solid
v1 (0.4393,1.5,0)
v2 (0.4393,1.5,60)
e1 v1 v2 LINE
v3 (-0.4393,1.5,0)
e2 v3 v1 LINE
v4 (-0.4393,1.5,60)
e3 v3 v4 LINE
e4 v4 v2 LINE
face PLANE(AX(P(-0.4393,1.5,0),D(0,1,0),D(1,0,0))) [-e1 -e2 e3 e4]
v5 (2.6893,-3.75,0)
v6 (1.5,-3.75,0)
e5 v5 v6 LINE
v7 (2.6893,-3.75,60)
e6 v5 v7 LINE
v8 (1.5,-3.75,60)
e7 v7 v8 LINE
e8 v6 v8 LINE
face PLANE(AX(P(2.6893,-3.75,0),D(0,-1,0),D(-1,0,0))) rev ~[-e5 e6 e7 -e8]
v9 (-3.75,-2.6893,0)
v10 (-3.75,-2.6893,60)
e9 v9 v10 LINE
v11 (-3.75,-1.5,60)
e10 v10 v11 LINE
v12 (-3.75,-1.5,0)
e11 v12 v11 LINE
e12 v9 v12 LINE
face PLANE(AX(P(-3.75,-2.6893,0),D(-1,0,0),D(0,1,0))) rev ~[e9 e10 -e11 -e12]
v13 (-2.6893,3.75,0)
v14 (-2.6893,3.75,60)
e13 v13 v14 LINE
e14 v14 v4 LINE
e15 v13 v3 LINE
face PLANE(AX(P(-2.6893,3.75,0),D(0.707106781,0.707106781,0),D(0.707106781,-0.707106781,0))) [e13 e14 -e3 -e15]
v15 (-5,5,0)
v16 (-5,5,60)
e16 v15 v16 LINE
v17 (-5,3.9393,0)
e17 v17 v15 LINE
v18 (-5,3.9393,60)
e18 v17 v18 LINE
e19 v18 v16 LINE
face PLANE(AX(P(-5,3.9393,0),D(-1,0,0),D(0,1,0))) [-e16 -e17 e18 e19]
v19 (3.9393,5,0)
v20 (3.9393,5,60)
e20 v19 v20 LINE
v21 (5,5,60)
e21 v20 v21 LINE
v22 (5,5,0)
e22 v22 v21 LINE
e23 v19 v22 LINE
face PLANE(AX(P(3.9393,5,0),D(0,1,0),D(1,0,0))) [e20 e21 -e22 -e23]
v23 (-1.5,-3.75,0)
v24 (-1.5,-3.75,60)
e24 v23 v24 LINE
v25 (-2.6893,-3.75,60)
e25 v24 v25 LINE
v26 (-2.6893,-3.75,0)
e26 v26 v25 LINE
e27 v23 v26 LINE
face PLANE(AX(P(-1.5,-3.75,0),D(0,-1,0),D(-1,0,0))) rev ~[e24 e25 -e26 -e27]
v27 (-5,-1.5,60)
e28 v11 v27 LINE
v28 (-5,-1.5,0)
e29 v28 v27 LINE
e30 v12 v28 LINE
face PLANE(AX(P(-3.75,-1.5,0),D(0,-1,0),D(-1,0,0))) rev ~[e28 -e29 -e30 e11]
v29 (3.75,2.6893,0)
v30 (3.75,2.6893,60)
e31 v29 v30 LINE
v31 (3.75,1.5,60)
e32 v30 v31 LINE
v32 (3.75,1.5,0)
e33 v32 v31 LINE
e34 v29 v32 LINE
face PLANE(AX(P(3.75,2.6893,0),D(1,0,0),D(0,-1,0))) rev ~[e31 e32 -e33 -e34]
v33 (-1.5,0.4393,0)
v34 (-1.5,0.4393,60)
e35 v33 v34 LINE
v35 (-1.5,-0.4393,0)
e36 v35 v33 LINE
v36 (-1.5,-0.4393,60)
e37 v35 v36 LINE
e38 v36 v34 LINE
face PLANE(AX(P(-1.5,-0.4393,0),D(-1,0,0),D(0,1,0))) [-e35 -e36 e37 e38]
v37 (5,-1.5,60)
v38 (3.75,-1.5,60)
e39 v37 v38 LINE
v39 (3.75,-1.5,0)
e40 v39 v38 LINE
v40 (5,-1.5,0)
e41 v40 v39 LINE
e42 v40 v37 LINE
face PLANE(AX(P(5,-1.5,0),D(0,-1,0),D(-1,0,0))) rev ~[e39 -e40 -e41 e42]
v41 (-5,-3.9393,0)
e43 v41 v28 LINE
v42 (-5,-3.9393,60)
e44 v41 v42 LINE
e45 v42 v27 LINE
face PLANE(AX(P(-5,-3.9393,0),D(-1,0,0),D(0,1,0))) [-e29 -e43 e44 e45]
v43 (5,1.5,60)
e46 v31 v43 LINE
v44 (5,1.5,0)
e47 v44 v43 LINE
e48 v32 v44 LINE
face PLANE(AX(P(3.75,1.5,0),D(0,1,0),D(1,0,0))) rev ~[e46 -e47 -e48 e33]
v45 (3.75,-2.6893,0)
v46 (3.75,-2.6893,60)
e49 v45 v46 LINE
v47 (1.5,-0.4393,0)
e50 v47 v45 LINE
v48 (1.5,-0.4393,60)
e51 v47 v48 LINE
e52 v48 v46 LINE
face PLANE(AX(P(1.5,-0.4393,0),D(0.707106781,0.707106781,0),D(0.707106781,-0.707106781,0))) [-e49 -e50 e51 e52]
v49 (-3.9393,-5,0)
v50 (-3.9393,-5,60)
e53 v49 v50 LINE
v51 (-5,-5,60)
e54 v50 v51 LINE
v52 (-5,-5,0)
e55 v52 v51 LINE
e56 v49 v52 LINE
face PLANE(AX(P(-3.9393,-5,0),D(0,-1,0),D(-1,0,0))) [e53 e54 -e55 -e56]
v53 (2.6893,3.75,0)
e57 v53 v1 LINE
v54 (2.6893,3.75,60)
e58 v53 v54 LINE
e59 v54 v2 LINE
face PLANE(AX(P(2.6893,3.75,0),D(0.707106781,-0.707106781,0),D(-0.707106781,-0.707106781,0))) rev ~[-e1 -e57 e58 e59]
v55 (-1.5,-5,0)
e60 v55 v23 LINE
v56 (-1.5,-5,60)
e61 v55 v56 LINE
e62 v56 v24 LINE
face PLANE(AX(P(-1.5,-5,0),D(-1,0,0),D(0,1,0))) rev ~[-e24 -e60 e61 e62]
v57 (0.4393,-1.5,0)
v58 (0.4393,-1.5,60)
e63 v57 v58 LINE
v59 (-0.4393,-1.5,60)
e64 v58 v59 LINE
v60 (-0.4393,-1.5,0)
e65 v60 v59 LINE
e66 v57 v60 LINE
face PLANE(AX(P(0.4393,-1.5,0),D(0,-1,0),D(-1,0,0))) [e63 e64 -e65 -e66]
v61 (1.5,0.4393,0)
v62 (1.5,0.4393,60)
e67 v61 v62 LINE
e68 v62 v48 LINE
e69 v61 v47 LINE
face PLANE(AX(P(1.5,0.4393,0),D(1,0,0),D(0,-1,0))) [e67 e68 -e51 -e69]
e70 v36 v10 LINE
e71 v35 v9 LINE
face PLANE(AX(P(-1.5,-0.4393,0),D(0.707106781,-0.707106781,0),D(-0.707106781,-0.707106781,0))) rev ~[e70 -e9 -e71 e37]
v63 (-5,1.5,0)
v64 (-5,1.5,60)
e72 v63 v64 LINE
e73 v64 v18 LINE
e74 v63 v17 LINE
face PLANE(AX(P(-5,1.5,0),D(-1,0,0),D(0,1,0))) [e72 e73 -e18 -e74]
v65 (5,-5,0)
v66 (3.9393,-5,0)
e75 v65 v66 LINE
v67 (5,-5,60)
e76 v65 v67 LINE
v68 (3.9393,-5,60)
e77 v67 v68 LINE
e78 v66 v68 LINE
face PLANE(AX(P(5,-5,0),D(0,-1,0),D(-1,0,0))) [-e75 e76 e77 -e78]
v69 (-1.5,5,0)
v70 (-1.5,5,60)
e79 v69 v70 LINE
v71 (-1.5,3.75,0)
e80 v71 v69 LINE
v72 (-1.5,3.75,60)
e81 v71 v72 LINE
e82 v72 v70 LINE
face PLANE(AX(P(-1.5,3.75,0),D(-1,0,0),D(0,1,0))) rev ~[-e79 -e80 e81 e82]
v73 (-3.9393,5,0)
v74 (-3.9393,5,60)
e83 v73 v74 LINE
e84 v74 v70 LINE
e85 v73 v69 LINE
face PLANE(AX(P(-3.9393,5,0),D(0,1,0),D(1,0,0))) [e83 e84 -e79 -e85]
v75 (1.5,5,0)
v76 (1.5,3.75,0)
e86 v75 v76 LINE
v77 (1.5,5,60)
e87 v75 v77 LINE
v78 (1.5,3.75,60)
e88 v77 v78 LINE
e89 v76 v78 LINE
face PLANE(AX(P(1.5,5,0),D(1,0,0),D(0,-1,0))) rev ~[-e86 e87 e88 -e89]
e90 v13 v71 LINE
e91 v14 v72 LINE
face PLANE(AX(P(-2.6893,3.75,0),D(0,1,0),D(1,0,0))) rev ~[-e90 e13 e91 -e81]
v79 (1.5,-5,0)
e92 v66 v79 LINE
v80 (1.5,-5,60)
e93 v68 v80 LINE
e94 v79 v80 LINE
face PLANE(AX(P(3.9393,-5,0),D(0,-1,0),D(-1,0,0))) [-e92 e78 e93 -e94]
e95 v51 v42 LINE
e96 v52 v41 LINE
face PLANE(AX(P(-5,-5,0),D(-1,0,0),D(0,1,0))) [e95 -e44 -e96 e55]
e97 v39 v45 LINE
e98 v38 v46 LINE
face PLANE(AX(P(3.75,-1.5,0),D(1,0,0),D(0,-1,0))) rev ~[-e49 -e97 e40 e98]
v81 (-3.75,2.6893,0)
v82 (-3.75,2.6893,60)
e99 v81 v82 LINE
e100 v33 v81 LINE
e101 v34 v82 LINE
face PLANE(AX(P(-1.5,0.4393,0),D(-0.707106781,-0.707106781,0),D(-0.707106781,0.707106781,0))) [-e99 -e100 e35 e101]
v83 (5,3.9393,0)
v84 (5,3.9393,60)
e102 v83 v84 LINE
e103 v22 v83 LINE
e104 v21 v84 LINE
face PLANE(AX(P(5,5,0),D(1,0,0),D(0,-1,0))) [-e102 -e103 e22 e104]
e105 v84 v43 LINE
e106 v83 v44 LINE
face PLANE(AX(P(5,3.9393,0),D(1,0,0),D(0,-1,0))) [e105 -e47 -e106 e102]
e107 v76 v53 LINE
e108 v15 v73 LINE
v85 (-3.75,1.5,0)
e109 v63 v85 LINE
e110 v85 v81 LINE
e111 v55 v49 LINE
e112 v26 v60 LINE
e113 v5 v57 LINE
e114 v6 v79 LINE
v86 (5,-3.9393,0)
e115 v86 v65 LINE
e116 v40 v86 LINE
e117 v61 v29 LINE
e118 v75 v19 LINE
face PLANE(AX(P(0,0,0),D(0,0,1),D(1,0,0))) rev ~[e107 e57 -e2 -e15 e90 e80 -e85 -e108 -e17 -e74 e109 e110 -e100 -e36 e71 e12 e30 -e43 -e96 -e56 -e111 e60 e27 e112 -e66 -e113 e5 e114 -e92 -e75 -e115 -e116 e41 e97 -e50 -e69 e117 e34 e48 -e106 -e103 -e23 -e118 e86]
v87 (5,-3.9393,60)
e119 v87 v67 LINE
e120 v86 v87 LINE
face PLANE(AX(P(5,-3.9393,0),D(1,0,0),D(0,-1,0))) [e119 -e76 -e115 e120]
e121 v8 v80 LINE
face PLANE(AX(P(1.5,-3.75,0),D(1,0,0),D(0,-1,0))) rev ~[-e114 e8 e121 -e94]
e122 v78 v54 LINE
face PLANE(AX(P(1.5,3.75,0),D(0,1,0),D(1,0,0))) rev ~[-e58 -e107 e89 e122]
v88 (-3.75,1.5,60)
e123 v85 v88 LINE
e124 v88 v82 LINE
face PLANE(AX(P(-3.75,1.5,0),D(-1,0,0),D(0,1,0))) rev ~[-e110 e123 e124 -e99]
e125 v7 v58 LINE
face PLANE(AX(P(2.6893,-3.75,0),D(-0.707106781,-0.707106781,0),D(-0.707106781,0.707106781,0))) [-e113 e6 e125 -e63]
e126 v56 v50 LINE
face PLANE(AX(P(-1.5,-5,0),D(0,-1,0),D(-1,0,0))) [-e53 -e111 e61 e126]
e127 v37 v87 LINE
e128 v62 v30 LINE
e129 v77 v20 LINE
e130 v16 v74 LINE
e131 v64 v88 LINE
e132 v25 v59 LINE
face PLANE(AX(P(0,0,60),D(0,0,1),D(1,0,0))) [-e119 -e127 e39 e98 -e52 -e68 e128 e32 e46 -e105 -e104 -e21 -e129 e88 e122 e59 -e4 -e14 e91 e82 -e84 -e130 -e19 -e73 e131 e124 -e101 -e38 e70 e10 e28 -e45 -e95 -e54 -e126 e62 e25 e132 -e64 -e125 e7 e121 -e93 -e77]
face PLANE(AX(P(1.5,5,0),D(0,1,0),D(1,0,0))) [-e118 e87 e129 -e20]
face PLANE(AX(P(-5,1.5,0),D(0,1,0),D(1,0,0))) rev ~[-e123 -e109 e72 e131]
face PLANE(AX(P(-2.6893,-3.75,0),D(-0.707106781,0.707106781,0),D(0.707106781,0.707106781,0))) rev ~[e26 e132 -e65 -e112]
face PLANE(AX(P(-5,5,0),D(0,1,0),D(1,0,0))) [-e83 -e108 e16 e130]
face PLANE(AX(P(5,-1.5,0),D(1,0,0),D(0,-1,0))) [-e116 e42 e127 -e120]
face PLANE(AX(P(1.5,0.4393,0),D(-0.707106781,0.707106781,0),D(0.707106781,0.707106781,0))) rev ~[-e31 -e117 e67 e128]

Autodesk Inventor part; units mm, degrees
ref_plane "YZ Plane" through (0, 0, 0) normal (1, 0, 0) x (0, 1, 0)
ref_plane "XZ Plane" through (0, 0, 0) normal (0, 1, 0) x (-1, 0, 0)
ref_plane "XY Plane" through (0, 0, 0) normal (0, 0, 1) x (1, 0, 0)
sketch "Sketch1" plane through (0, 0, 0) normal (0, 0, 1) x (1, 0, 0)
  line L0 (-4.4697, -5.5303) -> (4.4697, 5.5303) construction
  line L1 (5.5303, 4.4697) -> (-5, -4.0411) construction
  line L2 (4.4697, -5.5303) -> (-4.4697, 5.5303) construction
  line L3 (-5.5303, 4.4697) -> (5.5303, -4.4697) construction
  line L4 (-5, -5) -> (-5, -3.9393)
  line L5 (-5, 3.9393) -> (-5, 5)
  line L6 (5, 5) -> (5, 3.9393)
  line L7 (5, -3.9393) -> (5, -5)
  line L8 (-5, 5) -> (-3.9393, 5)
  line L9 (3.9393, 5) -> (5, 5)
  line L10 (5, -5) -> (3.9393, -5)
  line L11 (-3.9393, -5) -> (-5, -5)
  line L12 (-2.6893, 3.75) -> (-0.4393, 1.5)
  line L13 (2.6893, 3.75) -> (0.4393, 1.5)
  line L14 (-1.5, -0.4393) -> (-3.75, -2.6893)
  line L15 (-1.5, 0.4393) -> (-3.75, 2.6893)
  line L16 (2.6893, -3.75) -> (0.4393, -1.5)
  line L17 (-2.6893, -3.75) -> (-0.4393, -1.5)
  line L18 (1.5, 0.4393) -> (3.75, 2.6893)
  line L19 (1.5, -0.4393) -> (3.75, -2.6893)
  line L20 (5, -5) -> (-5, 5) construction
  line L21 (-5, -5) -> (5, 5) construction
  line L22 (3.75, -3.75) -> (-3.75, 3.75) construction
  line L23 (-3.75, -3.75) -> (3.75, 3.75) construction
  line L24 (1.5, -5) -> (-1.5, 5) construction
  line L25 (-1.5, -5) -> (1.5, 5) construction
  line L26 (5, -1.5) -> (-5, 1.5) construction
  line L27 (-5, -1.5) -> (5, 1.5) construction
  line L28 (-5, 1.5) -> (-3.75, 1.5)
  line L29 (-3.75, -1.5) -> (-5, -1.5)
  line L30 (-3.75, -2.6893) -> (-3.75, -1.5)
  line L31 (-3.75, 1.5) -> (-3.75, 2.6893)
  line L32 (-5, -5) -> (-5, -1.5)
  line L33 (-5, 1.5) -> (-5, 5)
  line L34 (-5, 5) -> (-1.5, 5)
  line L35 (1.5, 5) -> (5, 5)
  line L36 (-1.5, 3.75) -> (-1.5, 5)
  line L37 (-2.6893, 3.75) -> (-1.5, 3.75)
  line L38 (1.5, 3.75) -> (2.6893, 3.75)
  line L39 (1.5, 5) -> (1.5, 3.75)
  line L40 (3.75, 1.5) -> (5, 1.5)
  line L41 (3.75, 2.6893) -> (3.75, 1.5)
  line L42 (3.75, -1.5) -> (3.75, -2.6893)
  line L43 (5, 5) -> (5, 1.5)
  line L44 (5, -1.5) -> (5, -5)
  line L45 (5, -1.5) -> (3.75, -1.5)
  line L46 (-0.45, 1.5) -> (0.45, 1.5)
  line L47 (-1.5, -5) -> (-1.5, -3.75)
  line L48 (-1.5, -0.45) -> (-1.5, 0.45)
  line L49 (1.5, 0.45) -> (1.5, -0.45)
  line L50 (2.6893, -3.75) -> (1.5, -3.75)
  line L51 (5, -5) -> (1.5, -5)
  line L52 (-1.5, -5) -> (-5, -5)
  line L53 (1.5, -3.75) -> (1.5, -5)
  line L54 (0.45, -1.5) -> (-0.45, -1.5)
  line L55 (-1.5, -3.75) -> (-2.6893, -3.75)
  point P0 (0, 0)
  point P1 (0, 0)
  dimension "d0" = 10
  dimension "d7" = 1.5
  dimension "d8" = 1.5
  dimension "d9" = 7.5
  dimension "d10" = 7.5
  dimension "d11" = 10
  dimension "d12" = 3
  dimension "d13" = 3
extrude "Extrusion1" add sketch "Sketch1" along normal blind 60
equation "\"d8\" = d7"
equation "\"d10\" = d9"
equation "\"d11\" = d0"
equation "\"d4\" = 0.5 * d0"
equation "\"d5\" = 0.5 * d0"
equation "\"d6\" = 0.5 * d0"
properties part number "maker-beam-60x10x10mm"
